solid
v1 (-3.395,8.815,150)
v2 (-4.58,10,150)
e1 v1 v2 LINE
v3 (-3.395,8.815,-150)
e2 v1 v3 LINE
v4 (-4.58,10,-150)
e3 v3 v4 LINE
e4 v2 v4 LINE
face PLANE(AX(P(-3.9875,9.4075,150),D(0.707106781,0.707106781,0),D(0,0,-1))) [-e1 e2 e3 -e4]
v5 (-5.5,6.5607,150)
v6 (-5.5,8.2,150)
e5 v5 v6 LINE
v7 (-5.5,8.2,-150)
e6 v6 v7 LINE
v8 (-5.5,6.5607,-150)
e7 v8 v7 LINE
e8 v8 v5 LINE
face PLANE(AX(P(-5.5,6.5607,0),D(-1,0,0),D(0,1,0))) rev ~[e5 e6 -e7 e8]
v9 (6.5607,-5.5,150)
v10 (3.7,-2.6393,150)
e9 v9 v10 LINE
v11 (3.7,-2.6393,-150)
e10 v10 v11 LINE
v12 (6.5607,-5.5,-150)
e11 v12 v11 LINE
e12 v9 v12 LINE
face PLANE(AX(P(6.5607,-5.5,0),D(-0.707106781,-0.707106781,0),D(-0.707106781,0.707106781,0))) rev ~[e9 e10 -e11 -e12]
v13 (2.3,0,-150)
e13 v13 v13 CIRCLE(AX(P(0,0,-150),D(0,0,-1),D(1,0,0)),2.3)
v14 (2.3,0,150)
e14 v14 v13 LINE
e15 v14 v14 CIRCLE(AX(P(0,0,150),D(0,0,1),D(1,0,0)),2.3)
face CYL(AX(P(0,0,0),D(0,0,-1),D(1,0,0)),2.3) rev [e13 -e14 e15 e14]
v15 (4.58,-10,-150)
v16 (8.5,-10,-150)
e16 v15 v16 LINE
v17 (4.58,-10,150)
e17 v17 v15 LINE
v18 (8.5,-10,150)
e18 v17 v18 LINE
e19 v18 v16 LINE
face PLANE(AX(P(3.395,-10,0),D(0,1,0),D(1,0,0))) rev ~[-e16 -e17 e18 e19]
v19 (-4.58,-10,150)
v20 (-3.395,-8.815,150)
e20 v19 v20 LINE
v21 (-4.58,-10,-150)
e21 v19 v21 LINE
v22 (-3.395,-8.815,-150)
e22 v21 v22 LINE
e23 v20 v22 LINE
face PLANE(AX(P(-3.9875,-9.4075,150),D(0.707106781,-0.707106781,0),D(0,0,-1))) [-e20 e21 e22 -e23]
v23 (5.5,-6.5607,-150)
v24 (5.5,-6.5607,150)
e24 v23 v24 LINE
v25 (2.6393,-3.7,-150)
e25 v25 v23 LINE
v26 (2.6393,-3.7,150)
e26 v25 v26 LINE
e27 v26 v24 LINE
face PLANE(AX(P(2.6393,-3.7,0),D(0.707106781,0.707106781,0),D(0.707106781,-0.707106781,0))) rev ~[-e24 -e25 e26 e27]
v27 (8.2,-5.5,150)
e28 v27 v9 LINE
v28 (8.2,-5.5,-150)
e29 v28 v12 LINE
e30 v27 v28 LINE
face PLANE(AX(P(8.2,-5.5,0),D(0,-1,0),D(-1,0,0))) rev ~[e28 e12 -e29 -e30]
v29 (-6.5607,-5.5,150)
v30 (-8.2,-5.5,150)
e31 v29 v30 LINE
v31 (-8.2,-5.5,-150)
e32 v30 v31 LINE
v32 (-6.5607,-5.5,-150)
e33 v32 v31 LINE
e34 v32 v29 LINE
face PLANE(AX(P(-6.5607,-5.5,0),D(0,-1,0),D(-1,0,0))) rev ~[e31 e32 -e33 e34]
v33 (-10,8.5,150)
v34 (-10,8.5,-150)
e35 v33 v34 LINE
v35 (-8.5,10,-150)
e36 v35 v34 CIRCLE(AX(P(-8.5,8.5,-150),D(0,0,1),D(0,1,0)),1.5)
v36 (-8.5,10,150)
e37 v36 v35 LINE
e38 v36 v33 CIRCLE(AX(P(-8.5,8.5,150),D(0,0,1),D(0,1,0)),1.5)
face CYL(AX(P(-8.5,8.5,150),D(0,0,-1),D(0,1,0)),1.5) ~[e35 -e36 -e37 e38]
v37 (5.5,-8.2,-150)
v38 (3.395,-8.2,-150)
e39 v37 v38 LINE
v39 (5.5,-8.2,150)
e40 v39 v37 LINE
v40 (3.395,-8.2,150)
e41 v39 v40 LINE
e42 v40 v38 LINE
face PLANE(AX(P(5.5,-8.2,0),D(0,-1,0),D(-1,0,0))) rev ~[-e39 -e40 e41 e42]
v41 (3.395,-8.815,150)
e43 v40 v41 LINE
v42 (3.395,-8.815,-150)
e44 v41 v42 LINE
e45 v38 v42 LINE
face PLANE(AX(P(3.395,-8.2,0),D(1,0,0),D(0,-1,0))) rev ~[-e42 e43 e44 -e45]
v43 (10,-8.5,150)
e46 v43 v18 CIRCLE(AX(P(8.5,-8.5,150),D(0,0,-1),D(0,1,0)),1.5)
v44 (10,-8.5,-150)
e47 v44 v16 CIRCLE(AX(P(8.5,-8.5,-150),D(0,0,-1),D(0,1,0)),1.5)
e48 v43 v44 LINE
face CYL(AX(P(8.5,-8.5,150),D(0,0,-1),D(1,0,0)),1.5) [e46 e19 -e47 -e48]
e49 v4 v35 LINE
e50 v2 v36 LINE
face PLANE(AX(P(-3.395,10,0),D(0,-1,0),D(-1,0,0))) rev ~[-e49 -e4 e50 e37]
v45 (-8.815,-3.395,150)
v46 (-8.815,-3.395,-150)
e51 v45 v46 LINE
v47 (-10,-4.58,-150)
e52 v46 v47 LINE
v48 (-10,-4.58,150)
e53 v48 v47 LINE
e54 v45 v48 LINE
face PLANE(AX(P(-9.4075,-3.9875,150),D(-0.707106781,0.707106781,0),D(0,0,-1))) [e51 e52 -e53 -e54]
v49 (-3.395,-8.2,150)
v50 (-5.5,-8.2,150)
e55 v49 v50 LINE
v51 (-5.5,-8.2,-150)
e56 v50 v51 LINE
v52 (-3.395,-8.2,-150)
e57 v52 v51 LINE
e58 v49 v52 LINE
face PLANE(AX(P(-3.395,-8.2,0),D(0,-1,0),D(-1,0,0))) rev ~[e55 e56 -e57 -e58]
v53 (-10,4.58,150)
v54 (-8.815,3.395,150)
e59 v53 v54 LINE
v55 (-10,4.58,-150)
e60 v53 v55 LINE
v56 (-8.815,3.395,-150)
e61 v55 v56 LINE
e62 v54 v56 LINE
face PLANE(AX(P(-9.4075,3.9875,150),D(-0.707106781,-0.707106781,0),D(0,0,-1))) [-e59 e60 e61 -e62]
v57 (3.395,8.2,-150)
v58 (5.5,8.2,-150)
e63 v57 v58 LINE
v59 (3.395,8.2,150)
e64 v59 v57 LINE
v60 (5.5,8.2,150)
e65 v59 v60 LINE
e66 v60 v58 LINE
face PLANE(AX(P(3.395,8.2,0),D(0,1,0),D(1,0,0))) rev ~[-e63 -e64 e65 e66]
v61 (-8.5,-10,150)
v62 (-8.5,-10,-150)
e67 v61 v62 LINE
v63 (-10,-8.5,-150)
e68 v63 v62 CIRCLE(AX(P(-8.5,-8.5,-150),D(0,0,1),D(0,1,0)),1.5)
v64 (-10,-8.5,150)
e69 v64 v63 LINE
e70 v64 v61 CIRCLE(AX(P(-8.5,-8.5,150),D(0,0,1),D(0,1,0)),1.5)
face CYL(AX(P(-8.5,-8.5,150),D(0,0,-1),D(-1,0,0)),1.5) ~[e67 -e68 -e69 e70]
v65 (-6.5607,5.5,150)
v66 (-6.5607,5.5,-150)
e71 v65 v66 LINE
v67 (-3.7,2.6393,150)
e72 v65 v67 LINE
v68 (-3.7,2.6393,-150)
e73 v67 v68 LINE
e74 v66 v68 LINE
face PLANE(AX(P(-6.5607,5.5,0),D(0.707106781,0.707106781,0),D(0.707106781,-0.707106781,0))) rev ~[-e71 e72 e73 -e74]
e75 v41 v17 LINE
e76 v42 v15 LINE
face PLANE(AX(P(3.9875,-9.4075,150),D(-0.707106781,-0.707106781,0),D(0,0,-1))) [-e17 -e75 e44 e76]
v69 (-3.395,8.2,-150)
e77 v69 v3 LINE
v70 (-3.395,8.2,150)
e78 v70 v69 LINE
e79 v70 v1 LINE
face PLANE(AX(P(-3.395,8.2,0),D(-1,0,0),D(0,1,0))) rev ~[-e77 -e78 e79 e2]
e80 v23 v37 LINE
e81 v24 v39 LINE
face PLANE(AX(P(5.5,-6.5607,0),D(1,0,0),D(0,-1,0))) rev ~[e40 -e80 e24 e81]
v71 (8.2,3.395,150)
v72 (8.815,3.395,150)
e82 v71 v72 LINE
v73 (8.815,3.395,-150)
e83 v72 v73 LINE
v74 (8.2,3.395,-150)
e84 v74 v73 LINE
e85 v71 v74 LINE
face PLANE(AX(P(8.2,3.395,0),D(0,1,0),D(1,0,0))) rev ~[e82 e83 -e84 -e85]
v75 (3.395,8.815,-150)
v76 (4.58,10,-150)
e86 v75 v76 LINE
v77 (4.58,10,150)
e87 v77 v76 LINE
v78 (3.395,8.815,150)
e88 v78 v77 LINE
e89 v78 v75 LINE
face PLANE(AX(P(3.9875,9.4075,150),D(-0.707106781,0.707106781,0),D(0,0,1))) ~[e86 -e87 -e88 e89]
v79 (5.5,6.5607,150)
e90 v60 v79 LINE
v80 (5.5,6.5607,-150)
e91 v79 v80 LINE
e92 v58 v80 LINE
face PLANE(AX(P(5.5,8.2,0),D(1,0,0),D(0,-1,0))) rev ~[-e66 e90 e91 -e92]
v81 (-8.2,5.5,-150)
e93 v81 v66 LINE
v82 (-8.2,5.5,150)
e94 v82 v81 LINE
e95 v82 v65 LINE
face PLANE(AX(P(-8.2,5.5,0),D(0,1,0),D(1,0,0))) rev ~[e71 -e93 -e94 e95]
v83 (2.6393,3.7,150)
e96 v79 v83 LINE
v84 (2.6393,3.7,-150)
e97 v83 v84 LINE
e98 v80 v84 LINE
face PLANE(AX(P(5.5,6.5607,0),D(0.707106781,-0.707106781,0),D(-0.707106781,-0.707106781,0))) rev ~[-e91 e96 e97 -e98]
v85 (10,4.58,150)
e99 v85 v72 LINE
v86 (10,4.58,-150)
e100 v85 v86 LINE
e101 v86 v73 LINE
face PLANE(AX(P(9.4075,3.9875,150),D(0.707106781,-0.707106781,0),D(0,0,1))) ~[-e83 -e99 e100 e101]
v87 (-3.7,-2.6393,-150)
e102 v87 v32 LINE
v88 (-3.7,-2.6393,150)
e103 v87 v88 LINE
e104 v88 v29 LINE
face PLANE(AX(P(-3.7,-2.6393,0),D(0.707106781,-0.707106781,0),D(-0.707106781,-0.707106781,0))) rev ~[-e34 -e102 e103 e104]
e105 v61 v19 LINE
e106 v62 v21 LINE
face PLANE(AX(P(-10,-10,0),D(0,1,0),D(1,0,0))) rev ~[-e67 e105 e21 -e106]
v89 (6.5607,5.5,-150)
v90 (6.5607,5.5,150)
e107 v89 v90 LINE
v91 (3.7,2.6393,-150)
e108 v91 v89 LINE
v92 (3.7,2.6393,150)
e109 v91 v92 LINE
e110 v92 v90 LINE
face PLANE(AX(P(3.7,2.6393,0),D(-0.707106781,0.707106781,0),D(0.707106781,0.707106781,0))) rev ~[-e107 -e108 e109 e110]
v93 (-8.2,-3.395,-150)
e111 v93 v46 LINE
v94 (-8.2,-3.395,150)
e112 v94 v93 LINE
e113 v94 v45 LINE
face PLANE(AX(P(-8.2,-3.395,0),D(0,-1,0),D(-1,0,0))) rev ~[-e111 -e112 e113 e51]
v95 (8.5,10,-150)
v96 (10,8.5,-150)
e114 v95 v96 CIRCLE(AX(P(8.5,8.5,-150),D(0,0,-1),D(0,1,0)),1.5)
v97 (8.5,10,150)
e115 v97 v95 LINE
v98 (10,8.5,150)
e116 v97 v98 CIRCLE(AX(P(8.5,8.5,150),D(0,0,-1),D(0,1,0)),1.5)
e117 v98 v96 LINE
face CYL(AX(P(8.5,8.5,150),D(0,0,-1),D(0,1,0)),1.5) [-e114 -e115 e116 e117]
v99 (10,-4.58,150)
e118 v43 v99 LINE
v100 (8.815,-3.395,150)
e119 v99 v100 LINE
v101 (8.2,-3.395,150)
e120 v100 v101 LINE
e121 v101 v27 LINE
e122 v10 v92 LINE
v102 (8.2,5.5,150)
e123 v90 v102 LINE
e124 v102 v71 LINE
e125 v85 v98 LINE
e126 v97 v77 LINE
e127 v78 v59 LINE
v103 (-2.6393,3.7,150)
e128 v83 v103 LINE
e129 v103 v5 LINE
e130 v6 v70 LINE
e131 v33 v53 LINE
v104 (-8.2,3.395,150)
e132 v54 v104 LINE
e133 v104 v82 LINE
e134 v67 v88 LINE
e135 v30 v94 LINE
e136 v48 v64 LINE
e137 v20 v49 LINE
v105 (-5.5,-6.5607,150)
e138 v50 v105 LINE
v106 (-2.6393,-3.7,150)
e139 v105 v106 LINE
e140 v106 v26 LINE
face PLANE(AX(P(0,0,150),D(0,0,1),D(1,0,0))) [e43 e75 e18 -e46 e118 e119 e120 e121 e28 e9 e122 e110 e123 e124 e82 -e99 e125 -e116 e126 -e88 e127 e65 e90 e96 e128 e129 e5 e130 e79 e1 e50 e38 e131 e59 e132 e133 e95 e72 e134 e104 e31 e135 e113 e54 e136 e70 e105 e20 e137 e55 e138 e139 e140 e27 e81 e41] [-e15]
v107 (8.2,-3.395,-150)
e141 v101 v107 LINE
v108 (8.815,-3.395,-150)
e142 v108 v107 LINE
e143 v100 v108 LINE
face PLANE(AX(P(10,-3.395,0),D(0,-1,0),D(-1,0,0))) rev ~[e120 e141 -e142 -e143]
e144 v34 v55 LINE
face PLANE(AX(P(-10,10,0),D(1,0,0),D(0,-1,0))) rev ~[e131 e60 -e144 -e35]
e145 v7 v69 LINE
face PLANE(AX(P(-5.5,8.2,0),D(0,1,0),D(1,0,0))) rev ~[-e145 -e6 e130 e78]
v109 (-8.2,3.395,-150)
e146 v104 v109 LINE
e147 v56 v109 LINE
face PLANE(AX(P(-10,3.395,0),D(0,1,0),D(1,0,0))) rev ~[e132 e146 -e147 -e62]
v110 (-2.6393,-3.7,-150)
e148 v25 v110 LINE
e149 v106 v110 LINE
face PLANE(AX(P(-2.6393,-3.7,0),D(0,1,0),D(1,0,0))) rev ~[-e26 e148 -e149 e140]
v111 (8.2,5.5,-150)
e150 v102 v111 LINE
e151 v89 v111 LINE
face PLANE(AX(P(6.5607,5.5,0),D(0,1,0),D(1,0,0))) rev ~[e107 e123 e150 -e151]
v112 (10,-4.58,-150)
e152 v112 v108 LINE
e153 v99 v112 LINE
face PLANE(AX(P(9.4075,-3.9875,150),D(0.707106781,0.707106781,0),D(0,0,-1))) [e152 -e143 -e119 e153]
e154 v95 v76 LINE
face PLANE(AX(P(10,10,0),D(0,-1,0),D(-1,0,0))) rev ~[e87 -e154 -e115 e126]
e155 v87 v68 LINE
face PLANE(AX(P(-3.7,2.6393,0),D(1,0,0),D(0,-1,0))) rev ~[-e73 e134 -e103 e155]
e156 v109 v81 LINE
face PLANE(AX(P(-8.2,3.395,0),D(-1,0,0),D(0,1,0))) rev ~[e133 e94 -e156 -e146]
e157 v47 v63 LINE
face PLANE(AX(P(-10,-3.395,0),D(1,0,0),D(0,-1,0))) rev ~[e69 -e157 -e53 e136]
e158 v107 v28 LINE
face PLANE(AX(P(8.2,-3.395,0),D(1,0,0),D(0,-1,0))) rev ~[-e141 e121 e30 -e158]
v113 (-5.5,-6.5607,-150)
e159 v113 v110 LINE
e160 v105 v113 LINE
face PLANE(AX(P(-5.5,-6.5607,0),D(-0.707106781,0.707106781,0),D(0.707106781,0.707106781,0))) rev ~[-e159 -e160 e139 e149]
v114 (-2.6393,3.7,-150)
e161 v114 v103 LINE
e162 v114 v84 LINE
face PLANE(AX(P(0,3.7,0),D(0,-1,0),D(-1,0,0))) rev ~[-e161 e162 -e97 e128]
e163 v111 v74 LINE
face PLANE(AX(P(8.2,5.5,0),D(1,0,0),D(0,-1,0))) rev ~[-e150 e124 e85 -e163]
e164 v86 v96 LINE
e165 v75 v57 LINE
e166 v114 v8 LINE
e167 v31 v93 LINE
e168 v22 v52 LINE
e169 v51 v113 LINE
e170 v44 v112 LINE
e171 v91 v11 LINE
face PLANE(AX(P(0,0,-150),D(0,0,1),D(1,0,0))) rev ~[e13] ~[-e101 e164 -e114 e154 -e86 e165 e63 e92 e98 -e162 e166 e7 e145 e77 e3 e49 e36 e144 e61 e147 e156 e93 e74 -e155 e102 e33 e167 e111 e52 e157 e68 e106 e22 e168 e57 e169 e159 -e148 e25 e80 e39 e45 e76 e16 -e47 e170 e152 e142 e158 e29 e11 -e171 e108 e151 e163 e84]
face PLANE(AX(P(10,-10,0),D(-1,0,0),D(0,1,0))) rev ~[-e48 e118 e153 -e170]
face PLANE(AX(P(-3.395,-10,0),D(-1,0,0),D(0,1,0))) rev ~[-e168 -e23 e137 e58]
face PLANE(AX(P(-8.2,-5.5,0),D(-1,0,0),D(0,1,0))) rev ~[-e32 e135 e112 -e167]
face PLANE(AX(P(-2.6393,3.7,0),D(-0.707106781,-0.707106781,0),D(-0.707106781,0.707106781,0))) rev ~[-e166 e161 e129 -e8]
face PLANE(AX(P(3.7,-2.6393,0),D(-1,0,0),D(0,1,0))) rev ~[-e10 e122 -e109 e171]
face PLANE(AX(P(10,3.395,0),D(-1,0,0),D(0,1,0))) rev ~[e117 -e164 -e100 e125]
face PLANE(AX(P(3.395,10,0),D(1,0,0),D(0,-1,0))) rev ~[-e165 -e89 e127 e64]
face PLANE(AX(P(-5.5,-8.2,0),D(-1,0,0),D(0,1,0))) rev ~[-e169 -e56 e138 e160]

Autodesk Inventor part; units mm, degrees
ref_plane "YZ Plane" through (0, 0, 0) normal (1, 0, 0) x (0, 1, 0)
ref_plane "XZ Plane" through (0, 0, 0) normal (0, 1, 0) x (-1, 0, 0)
ref_plane "XY Plane" through (0, 0, 0) normal (0, 0, 1) x (1, 0, 0)
sketch "Sketch1" plane through (0, 0, 0) normal (0, 0, 1) x (1, 0, 0)
  line L0 (0, 3.7) -> (-2.6393, 3.7)
  line L1 (-2.6393, 3.7) -> (-5.5, 6.5607)
  line L2 (-5.5, 6.5607) -> (-5.5, 8.2)
  line L3 (-5.5, 8.2) -> (-3.395, 8.2)
  line L4 (-3.395, 8.2) -> (-3.395, 10)
  line L5 (-3.395, 10) -> (-10, 10)
  line L6 (-10, 10) -> (-10, 3.395)
  line L7 (-10, 3.395) -> (-8.2, 3.395)
  line L8 (-8.2, 3.395) -> (-8.2, 5.5)
  line L9 (-8.2, 5.5) -> (-6.5607, 5.5)
  line L10 (-6.5607, 5.5) -> (-3.7, 2.6393)
  line L11 (-3.7, 2.6393) -> (-3.7, 0)
  line L12 (0, 0) -> (-10, 10) construction
  circle A0 centre (0, 0) radius 2.3
  line L13 (-12.46, 0) -> (4.76, 0) projected
  line L14 (-3.7, 0) -> (0, 0)
  line L15 (0, 0) -> (0, 3.7)
  point P0 (-2.3, 0)
  point P1 (0, 2.3)
  dimension "d0" = 1.5
  dimension "d6" = 6.3
  dimension "d9" = 4.6
  dimension "d18" = 135
  dimension "d22" = 20
  dimension "d34" = 11
  dimension "d35" = 6.79
  dimension "d36" = 1.8
extrude "Extrusion1" add sketch "Sketch1" along normal mid plane 300 contours L15 A0 L13 L11 L10 L9 L8 L7 L6 L5 L4 L3 L2 L1 L0
pattern_circular "Circular Pattern1" count 4 over 360 about axis through (0, 0, -10) along (0, 0, 1) of "Extrusion1"
chamfer "Chamfer1" distance 1.185 angle 45 8 edges at (-3.395, 10, 0) (3.395, 10, 0) (10, 3.395, 0) (10, -3.395, 0) (3.395, -10, 0) (-3.395, -10, 0) (-10, -3.395, 0) (-10, 3.395, 0)
fillet "Fillet1" radius 1.5 4 edges at (-10, 10, 0) (10, 10, 0) (-10, -10, 0) (10, -10, 0)
properties part number "2020aluminum_extrusion_silver" material "Aluminum 6061"
